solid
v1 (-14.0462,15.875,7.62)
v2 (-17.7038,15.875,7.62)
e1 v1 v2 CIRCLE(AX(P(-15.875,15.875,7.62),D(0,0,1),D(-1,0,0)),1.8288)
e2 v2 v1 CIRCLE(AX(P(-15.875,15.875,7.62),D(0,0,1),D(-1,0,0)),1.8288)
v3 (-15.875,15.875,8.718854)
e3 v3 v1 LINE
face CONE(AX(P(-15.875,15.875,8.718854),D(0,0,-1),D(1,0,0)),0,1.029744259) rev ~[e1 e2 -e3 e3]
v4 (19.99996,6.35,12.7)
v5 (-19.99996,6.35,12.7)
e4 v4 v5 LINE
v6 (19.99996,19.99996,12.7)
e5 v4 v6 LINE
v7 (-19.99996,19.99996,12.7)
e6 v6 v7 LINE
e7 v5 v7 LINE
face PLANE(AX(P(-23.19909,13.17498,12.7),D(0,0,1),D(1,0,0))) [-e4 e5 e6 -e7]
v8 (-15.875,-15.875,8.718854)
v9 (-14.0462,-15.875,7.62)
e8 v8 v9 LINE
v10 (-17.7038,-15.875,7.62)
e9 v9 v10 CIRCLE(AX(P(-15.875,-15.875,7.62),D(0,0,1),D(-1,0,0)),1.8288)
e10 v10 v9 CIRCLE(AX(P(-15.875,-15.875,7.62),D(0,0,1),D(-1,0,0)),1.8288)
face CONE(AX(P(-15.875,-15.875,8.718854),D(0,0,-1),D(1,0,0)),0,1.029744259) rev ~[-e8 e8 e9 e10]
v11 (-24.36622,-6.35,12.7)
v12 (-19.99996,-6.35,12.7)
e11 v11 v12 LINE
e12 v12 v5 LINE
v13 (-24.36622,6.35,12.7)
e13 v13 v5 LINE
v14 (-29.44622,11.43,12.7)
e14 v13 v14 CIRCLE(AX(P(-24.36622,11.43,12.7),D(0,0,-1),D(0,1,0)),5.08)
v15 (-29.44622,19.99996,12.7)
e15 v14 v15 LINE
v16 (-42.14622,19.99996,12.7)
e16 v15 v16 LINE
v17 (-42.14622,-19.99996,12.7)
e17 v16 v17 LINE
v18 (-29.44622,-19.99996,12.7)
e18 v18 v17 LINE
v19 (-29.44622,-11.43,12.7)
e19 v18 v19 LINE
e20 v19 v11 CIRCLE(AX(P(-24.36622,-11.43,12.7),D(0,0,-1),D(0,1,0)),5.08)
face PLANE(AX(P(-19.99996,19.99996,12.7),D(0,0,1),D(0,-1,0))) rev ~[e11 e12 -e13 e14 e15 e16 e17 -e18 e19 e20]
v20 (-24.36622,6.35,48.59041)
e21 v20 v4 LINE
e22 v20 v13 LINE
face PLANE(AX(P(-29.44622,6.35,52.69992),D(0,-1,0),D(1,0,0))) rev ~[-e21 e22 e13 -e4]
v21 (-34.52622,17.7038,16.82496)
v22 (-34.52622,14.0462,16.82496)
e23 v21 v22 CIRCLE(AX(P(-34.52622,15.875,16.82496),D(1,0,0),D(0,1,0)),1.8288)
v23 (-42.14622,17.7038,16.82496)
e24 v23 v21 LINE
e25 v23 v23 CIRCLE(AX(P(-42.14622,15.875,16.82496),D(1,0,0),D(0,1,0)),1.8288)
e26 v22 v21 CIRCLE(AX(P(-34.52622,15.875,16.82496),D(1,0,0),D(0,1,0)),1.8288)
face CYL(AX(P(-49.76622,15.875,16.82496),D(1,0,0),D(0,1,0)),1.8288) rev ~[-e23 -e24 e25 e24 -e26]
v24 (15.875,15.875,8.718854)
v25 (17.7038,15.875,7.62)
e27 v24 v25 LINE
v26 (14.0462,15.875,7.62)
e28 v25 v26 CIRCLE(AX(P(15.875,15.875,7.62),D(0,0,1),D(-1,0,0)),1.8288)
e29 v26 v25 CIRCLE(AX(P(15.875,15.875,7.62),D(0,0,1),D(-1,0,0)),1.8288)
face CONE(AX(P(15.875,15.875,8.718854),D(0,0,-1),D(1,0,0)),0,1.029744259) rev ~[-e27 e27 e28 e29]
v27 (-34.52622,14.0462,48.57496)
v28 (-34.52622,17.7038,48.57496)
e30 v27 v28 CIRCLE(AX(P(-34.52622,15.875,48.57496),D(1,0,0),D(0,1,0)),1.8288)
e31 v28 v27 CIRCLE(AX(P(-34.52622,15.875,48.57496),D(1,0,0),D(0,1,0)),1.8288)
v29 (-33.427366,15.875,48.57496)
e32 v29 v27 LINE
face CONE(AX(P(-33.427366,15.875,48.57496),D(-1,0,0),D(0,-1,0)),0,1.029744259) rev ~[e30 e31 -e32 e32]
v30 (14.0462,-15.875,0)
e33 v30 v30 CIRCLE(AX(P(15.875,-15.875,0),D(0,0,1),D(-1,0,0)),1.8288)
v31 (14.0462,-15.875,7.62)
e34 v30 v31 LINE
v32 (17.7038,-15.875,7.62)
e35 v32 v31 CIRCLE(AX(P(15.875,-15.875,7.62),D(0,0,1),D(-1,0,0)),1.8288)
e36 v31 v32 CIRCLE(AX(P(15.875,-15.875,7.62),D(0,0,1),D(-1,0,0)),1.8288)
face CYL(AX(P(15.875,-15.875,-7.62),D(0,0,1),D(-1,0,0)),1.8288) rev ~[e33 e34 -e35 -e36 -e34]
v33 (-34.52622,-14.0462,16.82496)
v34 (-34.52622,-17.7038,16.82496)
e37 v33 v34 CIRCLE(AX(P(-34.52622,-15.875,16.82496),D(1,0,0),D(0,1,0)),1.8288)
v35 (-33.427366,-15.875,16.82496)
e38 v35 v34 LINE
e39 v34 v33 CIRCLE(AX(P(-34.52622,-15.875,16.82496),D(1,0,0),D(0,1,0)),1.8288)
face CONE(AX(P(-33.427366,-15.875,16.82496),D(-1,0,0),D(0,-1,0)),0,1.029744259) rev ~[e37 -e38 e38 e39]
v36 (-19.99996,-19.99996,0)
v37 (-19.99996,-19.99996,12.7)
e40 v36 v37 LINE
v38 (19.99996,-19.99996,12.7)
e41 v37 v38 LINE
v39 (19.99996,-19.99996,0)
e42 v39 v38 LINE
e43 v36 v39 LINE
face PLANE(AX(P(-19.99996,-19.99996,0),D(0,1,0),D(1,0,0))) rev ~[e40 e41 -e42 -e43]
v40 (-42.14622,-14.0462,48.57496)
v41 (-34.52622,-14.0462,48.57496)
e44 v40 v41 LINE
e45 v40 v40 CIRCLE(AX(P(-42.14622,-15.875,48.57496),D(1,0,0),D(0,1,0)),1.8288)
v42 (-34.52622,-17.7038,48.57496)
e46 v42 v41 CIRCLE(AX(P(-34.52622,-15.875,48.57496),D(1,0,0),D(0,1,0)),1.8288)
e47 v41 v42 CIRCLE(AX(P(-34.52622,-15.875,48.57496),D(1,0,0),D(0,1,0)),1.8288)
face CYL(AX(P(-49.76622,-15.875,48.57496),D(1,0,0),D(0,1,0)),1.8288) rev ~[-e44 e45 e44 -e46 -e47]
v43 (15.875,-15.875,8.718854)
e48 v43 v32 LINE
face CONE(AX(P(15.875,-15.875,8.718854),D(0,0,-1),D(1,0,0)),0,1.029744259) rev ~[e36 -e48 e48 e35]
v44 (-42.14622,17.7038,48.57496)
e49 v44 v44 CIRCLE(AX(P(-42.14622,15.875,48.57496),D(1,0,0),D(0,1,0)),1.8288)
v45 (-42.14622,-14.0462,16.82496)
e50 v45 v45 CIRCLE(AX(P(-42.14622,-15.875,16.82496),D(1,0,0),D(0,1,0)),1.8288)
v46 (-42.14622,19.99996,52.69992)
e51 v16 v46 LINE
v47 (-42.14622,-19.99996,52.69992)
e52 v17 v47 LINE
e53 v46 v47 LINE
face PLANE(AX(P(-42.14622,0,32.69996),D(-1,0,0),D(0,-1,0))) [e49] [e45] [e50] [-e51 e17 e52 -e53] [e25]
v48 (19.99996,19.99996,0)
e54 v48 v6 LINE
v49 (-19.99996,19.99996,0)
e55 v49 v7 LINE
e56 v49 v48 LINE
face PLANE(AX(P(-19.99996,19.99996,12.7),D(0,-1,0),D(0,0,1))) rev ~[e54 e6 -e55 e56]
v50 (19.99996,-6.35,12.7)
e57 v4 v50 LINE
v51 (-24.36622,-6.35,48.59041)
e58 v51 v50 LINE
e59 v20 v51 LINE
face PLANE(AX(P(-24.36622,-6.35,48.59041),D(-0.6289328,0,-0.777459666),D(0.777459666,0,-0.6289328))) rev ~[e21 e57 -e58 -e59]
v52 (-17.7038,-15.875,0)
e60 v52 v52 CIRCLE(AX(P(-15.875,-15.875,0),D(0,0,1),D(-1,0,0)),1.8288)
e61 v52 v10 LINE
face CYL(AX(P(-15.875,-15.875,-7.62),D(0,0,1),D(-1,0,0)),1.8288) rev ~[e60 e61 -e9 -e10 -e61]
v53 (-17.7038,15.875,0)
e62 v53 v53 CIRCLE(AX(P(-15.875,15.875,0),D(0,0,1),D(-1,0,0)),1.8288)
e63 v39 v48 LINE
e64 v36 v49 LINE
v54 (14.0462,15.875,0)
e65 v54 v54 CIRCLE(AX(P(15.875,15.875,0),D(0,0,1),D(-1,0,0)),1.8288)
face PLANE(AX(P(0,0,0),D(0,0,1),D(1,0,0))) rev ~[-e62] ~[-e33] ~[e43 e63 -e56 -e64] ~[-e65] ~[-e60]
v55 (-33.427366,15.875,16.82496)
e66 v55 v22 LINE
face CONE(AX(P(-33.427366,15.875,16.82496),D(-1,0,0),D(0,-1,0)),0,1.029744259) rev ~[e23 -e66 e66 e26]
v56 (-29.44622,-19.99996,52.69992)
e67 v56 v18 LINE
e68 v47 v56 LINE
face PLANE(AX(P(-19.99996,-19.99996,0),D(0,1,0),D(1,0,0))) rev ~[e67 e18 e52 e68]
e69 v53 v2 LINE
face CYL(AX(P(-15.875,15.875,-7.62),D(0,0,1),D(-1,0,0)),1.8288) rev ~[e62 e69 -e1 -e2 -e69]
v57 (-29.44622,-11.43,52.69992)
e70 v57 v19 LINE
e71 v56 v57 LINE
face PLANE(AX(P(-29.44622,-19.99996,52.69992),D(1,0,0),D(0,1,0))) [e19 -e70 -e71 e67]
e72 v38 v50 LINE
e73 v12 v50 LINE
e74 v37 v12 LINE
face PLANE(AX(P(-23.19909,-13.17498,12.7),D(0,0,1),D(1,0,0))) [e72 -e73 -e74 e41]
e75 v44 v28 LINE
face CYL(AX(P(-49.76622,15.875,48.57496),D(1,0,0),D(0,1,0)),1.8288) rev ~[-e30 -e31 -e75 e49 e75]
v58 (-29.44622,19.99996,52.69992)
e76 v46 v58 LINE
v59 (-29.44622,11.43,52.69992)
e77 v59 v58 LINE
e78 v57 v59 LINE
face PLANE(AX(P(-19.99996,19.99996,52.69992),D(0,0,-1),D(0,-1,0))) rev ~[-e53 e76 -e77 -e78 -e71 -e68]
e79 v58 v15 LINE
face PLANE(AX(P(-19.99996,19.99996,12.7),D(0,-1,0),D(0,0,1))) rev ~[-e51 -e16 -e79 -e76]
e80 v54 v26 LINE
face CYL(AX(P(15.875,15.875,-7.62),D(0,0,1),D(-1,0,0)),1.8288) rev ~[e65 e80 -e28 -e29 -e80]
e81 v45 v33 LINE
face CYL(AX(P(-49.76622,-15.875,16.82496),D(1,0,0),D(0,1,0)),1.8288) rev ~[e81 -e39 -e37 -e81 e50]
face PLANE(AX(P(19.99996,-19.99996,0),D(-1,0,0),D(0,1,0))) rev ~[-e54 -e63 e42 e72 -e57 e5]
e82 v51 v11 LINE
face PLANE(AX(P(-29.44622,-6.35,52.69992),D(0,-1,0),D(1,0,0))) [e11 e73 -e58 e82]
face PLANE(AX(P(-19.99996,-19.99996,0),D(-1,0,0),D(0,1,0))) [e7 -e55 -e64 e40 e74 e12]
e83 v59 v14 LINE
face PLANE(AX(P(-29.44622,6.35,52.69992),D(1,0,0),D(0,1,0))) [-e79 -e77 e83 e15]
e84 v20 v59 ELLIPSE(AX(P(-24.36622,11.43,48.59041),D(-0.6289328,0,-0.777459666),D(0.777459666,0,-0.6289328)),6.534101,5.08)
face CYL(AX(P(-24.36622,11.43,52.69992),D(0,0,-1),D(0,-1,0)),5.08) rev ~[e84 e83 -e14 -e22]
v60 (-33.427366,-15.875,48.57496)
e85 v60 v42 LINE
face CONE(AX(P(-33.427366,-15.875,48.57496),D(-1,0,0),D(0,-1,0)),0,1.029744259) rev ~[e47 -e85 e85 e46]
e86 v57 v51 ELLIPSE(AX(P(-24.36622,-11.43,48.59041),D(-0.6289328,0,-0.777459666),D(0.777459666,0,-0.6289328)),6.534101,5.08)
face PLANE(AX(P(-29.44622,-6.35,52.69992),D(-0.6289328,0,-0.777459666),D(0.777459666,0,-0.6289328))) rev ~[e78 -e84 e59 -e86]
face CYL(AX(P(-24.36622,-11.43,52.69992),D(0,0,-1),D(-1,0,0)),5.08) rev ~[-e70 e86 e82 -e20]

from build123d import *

# Parameters (mm, degrees)
F0_W          = 39.99992
F0_H          = 39.99992
F1_DEPTH      = 12.7
F3_D          = 3.6576
F3_DEPTH      = 7.62
F3_TIP        = 1.0988539001
F4_W          = 39.99992
F4_H          = 12.7
F5_DEPTH      = 39.99992
F6_W          = 39.99992
F6_H          = 39.99992
F7_DEPTH      = 22.14626
F7_DEPTH_BACK = 3.048
F8_W          = 12.49426
F8_H          = 13.64996
F9_DEPTH      = 39.99992
F10_R         = 5.08
F12_D         = 3.6576
F12_DEPTH     = 7.62
F12_TIP       = 1.0988539001
F14_DEPTH     = 25.4


with BuildPart() as f1:
    # F0 (on Top) → F1 (new body)
    with BuildSketch(Plane.XY):
        Rectangle(F0_W, F0_H)
    extrude(amount=F1_DEPTH)

    # F3
    with Locations(Plane(origin=(0, 0, 0), x_dir=(1, 0, 0), z_dir=(0, 0, -1))):
        with Locations((-15.875, -15.875), (15.875, -15.875), (15.875, 15.875), (-15.875, 15.875)):
            Hole(F3_D / 2, depth=F3_DEPTH)
            with Locations((0, 0, -(F3_DEPTH + F3_TIP / 2))):  # 118° drill point
                Cone(0, F3_D / 2, F3_TIP, mode=Mode.SUBTRACT)

    # F4 (on face) → F5 (join)
    with BuildSketch(Plane.XY.offset(12.7)):
        Rectangle(F4_W, F4_H)
    extrude(amount=F5_DEPTH)

    # F6 (on face) → F7 (join, two sides)
    with BuildSketch(Plane(origin=(-19.99996, 0, 0), x_dir=(0, -1, 0), z_dir=(-1, 0, 0))) as f7_sk:
        with Locations((0, 32.69996)):
            Rectangle(F6_W, F6_H)
    extrude(amount=F7_DEPTH)
    extrude(f7_sk.sketch, amount=-F7_DEPTH_BACK)

    # F8 (on face) → F9 (cut)
    with BuildSketch(Plane.XY.offset(52.69992)):
        with Locations((-23.19909, 13.17498)):
            Rectangle(F8_W, F8_H)
        with Locations((-23.19909, -13.17498)):
            Rectangle(F8_W, F8_H)
    extrude(amount=-F9_DEPTH, mode=Mode.SUBTRACT)

    # F10
    f10_edges = [f1.edges().sort_by_distance(p)[0] for p in [
        (-29.44622, -6.35, 32.69996),
        (-29.44622, 6.35, 32.69996),
    ]]
    fillet(f10_edges, radius=F10_R)

    # F12
    with Locations(Plane(origin=(-42.14622, 0, 0), x_dir=(0, -1, 0), z_dir=(-1, 0, 0))):
        with Locations((-15.875, 48.57496), (15.875, 48.57496), (15.875, 16.82496), (-15.875, 16.82496)):
            Hole(F12_D / 2, depth=F12_DEPTH)
            with Locations((0, 0, -(F12_DEPTH + F12_TIP / 2))):  # 118° drill point
                Cone(0, F12_D / 2, F12_TIP, mode=Mode.SUBTRACT)

    # F13 (on face) → F14 (cut, symmetric)
    with BuildSketch(Plane.XZ.offset(6.35)):
        Polygon((-29.44622, 52.69992), (-24.36622, 48.5904095464), (-24.36622, 52.69992), align=None)
        Polygon((-24.36622, 48.5904095464), (19.99996, 12.7), (19.99996, 52.69992), (-24.36622, 52.69992), align=None)
    extrude(amount=F14_DEPTH, both=True, mode=Mode.SUBTRACT)


solid = f1.part
